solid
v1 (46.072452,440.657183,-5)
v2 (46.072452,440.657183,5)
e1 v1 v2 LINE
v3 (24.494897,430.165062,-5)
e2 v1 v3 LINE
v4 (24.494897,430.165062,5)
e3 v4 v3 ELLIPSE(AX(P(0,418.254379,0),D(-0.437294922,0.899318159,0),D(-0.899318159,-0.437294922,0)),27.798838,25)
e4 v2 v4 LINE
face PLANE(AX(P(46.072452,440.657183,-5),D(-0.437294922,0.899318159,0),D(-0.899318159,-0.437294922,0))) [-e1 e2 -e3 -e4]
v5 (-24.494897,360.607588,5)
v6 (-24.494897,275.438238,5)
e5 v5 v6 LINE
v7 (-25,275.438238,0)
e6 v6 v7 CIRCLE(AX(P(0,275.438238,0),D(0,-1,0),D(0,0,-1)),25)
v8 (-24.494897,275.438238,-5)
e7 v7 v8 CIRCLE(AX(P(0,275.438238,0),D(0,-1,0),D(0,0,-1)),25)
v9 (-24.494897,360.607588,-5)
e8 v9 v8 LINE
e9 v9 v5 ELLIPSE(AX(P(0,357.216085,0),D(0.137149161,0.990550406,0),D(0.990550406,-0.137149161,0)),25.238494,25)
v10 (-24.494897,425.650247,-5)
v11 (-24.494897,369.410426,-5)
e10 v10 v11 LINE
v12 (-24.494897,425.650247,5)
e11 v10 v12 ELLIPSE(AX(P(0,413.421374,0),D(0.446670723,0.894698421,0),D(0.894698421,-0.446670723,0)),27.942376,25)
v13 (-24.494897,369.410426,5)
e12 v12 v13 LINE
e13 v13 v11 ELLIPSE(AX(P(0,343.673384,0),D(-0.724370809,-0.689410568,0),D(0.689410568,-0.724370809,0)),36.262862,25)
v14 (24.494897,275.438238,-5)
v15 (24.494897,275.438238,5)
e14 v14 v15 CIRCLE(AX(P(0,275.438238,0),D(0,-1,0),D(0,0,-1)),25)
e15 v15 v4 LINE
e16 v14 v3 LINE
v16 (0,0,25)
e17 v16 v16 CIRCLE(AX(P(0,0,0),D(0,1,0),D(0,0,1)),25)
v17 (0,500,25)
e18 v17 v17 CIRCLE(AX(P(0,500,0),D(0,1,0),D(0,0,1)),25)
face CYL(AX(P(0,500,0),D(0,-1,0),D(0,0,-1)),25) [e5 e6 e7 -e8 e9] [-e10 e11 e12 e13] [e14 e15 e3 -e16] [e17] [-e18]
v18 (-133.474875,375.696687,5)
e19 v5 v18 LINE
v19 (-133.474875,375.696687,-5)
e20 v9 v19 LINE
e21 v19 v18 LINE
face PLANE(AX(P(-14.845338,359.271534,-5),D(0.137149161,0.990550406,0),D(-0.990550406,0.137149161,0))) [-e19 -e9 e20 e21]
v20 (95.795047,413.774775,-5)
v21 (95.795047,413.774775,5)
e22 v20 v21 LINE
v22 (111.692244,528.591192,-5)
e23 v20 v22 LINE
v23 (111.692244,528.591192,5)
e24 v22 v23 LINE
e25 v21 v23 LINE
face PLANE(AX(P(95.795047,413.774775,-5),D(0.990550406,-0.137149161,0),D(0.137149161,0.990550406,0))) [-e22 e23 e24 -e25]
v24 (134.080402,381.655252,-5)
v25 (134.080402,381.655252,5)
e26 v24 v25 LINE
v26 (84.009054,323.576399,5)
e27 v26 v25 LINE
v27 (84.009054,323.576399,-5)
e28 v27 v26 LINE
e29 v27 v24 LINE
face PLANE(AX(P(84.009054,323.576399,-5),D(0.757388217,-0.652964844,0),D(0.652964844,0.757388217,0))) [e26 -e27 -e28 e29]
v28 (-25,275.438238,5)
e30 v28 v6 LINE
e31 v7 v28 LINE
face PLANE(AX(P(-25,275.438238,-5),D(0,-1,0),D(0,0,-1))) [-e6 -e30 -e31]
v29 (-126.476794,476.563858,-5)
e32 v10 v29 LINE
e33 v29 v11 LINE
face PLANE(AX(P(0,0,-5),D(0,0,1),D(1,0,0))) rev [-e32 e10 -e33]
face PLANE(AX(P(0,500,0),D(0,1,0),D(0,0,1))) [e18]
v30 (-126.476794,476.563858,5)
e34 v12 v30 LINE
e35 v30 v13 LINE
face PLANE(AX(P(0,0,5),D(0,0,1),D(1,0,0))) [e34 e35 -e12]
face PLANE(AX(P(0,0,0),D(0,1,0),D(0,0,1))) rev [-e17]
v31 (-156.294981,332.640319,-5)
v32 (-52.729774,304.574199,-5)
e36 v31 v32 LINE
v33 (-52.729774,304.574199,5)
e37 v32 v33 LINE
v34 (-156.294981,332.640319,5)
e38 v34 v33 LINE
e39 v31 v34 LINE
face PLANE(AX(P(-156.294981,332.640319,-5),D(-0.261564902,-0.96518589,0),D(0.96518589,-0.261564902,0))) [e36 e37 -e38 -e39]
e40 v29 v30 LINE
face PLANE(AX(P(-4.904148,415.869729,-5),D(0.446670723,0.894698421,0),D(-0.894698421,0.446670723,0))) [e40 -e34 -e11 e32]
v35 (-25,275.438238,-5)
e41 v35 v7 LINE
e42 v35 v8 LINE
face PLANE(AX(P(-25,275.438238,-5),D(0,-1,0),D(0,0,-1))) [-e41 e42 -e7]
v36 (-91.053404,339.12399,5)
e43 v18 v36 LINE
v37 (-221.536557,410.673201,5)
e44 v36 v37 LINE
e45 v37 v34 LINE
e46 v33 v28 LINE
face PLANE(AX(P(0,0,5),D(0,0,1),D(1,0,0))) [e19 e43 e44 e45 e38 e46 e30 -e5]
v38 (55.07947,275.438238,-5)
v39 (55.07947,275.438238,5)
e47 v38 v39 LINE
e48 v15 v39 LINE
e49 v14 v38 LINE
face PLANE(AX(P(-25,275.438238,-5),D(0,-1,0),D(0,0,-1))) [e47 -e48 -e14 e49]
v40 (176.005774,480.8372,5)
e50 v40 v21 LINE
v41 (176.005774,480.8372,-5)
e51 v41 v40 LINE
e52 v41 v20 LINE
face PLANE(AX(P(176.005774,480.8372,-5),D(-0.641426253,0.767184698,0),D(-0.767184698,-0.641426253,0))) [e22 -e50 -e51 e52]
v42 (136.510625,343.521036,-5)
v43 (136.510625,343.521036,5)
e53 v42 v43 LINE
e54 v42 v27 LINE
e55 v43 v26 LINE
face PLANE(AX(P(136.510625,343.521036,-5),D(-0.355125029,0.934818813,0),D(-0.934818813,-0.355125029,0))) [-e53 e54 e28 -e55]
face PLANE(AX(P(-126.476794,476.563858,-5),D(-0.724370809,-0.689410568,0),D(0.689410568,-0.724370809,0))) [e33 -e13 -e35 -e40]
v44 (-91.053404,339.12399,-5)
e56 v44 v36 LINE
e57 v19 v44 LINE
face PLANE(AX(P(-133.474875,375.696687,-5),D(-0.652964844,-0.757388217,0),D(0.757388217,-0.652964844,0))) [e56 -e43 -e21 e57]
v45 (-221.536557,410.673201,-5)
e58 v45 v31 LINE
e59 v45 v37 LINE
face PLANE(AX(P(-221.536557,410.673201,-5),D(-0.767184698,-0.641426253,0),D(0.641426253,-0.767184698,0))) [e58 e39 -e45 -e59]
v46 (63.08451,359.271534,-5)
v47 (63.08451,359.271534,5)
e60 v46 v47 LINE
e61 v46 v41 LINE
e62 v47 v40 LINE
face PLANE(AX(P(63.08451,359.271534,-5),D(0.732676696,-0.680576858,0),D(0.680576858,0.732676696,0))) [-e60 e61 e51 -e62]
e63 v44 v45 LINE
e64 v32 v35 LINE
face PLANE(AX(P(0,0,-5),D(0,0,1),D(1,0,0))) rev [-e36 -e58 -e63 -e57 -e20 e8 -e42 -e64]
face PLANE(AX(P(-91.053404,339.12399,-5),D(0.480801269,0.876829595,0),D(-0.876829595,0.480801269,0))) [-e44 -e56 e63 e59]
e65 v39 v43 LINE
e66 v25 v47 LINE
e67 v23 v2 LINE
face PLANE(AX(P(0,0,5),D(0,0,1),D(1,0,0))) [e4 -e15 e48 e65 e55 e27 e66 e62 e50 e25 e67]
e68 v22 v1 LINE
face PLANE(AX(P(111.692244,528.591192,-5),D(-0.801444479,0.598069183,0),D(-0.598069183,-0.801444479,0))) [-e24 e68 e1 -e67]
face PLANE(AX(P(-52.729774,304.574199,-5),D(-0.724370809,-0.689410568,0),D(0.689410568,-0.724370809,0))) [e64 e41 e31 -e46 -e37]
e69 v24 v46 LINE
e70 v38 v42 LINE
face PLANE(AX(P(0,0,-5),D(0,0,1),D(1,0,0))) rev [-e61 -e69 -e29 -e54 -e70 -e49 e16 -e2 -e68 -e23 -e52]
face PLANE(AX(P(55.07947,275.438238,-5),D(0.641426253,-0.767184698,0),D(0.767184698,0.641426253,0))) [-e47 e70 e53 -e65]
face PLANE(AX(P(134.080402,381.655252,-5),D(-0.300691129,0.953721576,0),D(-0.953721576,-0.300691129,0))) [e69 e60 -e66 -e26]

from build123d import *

# Parameters (mm, degrees)
SKETCH_1_R           = 25
EXTRUDE_1_DEPTH      = 500
EXTRUDE_2_DEPTH      = 5
EXTRUDE_2_DEPTH_BACK = 5


with BuildPart() as part:
    # 草图1 → 凸台-拉伸1 (new body)
    with BuildSketch(Plane(origin=(0, 0, 0), x_dir=(1, 0, 0), z_dir=(0, 1, 0))):
        Circle(SKETCH_1_R)
    extrude(amount=EXTRUDE_1_DEPTH)

    # 草图2 → 凸台-拉伸2 (add, two sides: drawn at the far end of the back side and taken through both)
    with BuildSketch(Plane.XY.offset(-EXTRUDE_2_DEPTH_BACK)):
        Polygon((-4.904147501, 415.869728805), (-126.476794097, 476.563858447), (-14.845338431, 359.271534235), (-133.474875453, 375.696686665), (-91.053404274, 339.123990271), (-221.536557101, 410.673201002), (-156.294980688, 332.640319032), (-52.729774464, 304.574199064), (-25, 275.438238439), (55.079469547, 275.438238439), (136.510624595, 343.521036234), (84.009054298, 323.576399455), (134.080402497, 381.655252369), (63.084510335, 359.271534235), (176.005774191, 480.837199539), (95.795047071, 413.774774694), (111.692244322, 528.591191642), (46.07245174, 440.657183354), align=None)
    extrude(amount=EXTRUDE_2_DEPTH + EXTRUDE_2_DEPTH_BACK)


solid = part.part
